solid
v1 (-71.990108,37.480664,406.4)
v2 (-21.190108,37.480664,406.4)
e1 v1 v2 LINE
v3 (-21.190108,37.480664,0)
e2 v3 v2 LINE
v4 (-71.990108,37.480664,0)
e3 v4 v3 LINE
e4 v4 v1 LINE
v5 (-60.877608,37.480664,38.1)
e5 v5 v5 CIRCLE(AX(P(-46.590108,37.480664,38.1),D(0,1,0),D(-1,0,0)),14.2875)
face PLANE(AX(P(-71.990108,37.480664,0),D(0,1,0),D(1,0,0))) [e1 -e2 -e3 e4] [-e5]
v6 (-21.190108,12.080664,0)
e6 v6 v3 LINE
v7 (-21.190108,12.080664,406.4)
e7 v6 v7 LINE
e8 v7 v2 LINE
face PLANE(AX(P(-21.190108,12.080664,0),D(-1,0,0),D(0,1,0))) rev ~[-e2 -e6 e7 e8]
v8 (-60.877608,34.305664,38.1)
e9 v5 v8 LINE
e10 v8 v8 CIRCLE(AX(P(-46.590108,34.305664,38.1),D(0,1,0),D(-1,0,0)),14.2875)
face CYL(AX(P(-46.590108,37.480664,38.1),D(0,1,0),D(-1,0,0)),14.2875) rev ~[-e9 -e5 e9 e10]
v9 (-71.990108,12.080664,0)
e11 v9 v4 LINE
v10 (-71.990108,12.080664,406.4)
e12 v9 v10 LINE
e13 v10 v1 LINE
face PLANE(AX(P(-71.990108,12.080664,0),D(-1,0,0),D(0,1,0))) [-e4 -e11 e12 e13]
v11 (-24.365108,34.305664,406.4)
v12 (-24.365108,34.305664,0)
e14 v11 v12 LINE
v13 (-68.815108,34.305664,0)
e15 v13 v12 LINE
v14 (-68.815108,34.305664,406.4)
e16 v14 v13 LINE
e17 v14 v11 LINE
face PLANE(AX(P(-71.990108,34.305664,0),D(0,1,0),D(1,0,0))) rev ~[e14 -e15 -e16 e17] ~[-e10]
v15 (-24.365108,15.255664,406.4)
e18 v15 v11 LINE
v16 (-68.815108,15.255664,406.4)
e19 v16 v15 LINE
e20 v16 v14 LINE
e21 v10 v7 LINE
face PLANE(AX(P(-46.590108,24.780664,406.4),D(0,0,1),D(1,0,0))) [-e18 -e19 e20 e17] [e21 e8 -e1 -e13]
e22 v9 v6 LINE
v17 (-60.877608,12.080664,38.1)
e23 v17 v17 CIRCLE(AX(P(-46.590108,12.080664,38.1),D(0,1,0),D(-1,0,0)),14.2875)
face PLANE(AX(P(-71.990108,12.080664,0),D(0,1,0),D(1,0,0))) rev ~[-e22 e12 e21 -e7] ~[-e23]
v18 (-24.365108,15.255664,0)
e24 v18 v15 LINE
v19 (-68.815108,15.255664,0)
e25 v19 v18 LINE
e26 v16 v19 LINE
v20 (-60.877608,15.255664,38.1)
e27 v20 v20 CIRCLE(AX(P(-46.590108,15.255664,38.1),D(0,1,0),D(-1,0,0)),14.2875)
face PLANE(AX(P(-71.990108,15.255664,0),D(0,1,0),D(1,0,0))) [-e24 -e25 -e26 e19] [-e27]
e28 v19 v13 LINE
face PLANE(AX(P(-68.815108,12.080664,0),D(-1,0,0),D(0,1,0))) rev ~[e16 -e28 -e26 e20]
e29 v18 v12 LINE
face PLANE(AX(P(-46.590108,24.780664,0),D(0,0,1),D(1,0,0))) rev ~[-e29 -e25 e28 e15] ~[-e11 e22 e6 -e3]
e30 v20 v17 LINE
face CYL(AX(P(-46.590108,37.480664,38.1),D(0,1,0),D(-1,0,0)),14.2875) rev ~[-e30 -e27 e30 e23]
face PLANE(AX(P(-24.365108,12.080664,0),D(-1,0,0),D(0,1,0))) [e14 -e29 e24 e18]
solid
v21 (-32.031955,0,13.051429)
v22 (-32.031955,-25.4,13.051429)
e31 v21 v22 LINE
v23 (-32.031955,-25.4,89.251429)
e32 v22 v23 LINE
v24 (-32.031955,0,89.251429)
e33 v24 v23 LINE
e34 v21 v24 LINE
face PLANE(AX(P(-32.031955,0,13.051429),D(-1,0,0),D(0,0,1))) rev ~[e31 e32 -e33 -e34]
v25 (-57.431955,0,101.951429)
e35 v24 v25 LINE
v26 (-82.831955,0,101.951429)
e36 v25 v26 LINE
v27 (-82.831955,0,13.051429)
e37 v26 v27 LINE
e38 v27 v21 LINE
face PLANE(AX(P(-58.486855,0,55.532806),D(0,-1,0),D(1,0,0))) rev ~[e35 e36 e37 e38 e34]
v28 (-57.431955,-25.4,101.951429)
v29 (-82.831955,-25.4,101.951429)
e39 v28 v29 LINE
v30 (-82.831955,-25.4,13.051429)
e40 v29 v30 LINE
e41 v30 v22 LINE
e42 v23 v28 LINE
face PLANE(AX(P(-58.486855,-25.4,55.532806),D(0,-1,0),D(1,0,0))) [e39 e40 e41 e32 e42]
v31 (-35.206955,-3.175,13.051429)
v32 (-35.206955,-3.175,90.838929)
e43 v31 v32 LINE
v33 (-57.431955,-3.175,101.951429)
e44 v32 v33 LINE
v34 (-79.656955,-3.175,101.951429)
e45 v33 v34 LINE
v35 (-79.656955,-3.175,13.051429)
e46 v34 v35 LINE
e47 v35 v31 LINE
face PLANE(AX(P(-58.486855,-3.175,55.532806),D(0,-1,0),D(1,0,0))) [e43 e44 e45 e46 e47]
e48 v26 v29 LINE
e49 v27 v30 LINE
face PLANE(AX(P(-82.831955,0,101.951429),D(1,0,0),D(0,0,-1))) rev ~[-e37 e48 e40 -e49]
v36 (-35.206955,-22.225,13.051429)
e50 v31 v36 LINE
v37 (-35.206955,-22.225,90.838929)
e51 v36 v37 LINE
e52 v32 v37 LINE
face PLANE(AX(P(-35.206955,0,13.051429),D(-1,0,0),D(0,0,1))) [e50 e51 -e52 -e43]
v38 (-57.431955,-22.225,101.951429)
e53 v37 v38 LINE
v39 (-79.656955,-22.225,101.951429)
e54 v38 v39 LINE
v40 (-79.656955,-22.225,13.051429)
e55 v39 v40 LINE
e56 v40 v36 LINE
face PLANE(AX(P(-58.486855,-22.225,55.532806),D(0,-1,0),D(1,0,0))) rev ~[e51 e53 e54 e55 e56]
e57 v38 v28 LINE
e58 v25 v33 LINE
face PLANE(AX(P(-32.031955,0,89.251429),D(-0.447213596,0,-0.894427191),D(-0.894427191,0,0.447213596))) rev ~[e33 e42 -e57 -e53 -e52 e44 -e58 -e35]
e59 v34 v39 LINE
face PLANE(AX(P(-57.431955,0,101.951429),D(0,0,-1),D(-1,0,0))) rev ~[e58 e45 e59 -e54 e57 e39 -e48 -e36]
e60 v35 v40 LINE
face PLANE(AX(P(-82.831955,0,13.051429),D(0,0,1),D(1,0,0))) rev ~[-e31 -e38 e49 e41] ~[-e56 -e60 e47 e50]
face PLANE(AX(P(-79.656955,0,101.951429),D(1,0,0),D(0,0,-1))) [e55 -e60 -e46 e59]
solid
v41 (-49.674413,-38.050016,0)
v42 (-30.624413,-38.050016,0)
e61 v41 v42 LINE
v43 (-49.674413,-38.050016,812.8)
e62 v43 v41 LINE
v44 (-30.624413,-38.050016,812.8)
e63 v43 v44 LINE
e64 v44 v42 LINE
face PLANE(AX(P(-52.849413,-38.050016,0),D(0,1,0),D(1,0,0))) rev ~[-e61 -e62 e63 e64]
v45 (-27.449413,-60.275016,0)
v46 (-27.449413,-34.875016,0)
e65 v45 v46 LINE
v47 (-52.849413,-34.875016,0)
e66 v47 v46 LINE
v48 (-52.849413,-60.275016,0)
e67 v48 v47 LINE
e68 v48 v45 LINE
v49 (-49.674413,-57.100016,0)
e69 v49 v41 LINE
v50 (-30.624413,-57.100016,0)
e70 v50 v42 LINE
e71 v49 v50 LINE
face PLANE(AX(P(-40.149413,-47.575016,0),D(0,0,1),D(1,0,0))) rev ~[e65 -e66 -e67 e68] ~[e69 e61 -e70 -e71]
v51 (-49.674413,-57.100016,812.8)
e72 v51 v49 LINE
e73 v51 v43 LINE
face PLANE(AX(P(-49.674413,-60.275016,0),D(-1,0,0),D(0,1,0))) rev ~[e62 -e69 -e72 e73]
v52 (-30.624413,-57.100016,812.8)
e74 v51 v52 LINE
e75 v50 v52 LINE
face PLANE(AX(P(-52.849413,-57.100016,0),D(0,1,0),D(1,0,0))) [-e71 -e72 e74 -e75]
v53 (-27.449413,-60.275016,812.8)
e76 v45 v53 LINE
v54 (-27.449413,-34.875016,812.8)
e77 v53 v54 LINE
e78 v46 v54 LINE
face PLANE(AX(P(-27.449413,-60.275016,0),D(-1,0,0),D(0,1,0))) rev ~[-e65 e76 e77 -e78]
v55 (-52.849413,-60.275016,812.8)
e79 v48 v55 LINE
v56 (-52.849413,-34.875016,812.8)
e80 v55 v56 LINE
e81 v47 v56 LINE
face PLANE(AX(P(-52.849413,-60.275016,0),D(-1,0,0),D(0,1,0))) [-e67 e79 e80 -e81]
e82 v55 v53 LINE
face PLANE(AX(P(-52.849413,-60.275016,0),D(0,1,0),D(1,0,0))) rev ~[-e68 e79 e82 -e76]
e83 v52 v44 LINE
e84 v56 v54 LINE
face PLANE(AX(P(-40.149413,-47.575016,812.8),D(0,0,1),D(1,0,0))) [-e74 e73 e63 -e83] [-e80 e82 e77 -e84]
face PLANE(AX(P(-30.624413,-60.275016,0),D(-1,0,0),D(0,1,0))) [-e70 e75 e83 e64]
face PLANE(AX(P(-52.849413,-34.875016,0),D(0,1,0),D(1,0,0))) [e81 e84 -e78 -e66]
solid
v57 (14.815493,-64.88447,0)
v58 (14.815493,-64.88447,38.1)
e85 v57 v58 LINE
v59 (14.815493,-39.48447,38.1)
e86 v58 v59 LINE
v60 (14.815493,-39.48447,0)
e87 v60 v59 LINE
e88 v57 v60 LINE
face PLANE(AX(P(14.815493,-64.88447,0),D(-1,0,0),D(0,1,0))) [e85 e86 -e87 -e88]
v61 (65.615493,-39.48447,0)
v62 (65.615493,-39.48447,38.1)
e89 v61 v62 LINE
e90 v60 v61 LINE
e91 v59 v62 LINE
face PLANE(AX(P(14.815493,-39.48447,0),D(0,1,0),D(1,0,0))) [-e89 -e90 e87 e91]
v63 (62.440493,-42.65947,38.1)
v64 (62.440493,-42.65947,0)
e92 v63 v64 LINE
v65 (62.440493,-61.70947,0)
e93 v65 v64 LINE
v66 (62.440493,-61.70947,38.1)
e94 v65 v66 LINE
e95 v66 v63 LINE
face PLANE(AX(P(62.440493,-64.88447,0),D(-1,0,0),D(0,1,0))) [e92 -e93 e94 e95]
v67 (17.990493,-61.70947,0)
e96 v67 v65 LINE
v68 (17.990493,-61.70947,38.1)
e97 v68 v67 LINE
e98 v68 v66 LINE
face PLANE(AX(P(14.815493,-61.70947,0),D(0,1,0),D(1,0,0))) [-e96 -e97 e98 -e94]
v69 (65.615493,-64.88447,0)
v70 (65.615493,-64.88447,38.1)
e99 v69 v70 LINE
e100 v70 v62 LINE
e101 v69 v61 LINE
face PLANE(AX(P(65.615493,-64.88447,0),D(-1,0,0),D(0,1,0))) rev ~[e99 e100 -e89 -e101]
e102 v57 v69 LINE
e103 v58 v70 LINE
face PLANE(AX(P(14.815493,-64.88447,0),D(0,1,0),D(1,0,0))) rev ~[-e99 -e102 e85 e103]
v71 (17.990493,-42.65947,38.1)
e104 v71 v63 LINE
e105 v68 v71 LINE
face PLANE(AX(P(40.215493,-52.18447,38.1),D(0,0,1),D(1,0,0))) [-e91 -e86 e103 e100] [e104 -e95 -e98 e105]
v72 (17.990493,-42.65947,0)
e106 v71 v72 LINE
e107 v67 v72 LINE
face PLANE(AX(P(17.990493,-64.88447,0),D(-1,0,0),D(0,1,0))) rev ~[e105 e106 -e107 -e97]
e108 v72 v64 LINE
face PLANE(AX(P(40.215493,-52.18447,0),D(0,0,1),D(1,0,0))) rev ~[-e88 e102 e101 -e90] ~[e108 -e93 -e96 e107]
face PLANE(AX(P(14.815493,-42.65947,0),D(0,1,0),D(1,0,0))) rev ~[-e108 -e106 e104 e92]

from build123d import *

# Parameters (mm, degrees)
F1_DEPTH  = 25.4
F2_T      = -3.175
F3_W      = 25.4
F3_H      = 25.4
F4_DEPTH  = 812.8
F5_T      = -3.175
F6_W      = 50.8
F6_H      = 25.4
F7_DEPTH  = 38.1
F8_T      = -3.175
F9_W      = 50.8
F9_H      = 25.4
F10_DEPTH = 406.4
F11_T     = -3.175
F12_R     = 14.2875
F13_DEPTH = 25.4


with BuildPart() as f1:
    # F0 (on Front) → F1 (new body)
    with BuildSketch(Plane.XZ):
        Polygon((-57.431955, 101.951429), (-82.831955, 101.951429), (-82.831955, 13.051429), (-32.031955, 13.051429), (-32.031955, 89.251429), align=None)
    extrude(amount=F1_DEPTH)

    # F2
    f2_openings = [f1.faces().sort_by_distance(p)[0] for p in [
        (-44.731955, -12.7, 95.601429),
        (-70.131955, -12.7, 101.951429),
        (-57.431955, -12.7, 13.051429),
    ]]
    offset(amount=F2_T, openings=f2_openings)


with BuildPart() as f4:
    # F3 (on Top) → F4 (new body)
    with BuildSketch(Plane.XY):
        with Locations((-40.149413, -47.575016)):
            Rectangle(F3_W, F3_H)
    extrude(amount=F4_DEPTH)

    # F5
    f5_openings = [f4.faces().sort_by_distance(p)[0] for p in [
        (-40.149413, -47.575016, 812.8),
        (-40.149413, -47.575016, 0),
    ]]
    offset(amount=F5_T, openings=f5_openings)


with BuildPart() as f7:
    # F6 (on Top) → F7 (new body)
    with BuildSketch(Plane.XY):
        with Locations((40.215493, -52.18447)):
            Rectangle(F6_W, F6_H)
    extrude(amount=F7_DEPTH)

    # F8
    f8_openings = [f7.faces().sort_by_distance(p)[0] for p in [
        (40.215493, -52.18447, 38.1),
        (40.215493, -52.18447, 0),
    ]]
    offset(amount=F8_T, openings=f8_openings)


with BuildPart() as f10:
    # F9 (on Top) → F10 (new body)
    with BuildSketch(Plane.XY):
        with Locations((-46.590108, 24.780664)):
            Rectangle(F9_W, F9_H)
    extrude(amount=F10_DEPTH)

    # F11
    f11_openings = [f10.faces().sort_by_distance(p)[0] for p in [
        (-46.590108, 24.780664, 406.4),
        (-46.590108, 24.780664, 0),
    ]]
    offset(amount=F11_T, openings=f11_openings)

    # F12 (on face) → F13 (cut, through all)
    with BuildSketch(Plane(origin=(0, 37.480664, 0), x_dir=(-1, 0, 0), z_dir=(0, 1, 0))):
        with Locations((46.590108, 38.1)):
            Circle(F12_R)
    extrude(amount=-F13_DEPTH, mode=Mode.SUBTRACT)


solid = Compound([f1.part, f4.part, f7.part, f10.part])
